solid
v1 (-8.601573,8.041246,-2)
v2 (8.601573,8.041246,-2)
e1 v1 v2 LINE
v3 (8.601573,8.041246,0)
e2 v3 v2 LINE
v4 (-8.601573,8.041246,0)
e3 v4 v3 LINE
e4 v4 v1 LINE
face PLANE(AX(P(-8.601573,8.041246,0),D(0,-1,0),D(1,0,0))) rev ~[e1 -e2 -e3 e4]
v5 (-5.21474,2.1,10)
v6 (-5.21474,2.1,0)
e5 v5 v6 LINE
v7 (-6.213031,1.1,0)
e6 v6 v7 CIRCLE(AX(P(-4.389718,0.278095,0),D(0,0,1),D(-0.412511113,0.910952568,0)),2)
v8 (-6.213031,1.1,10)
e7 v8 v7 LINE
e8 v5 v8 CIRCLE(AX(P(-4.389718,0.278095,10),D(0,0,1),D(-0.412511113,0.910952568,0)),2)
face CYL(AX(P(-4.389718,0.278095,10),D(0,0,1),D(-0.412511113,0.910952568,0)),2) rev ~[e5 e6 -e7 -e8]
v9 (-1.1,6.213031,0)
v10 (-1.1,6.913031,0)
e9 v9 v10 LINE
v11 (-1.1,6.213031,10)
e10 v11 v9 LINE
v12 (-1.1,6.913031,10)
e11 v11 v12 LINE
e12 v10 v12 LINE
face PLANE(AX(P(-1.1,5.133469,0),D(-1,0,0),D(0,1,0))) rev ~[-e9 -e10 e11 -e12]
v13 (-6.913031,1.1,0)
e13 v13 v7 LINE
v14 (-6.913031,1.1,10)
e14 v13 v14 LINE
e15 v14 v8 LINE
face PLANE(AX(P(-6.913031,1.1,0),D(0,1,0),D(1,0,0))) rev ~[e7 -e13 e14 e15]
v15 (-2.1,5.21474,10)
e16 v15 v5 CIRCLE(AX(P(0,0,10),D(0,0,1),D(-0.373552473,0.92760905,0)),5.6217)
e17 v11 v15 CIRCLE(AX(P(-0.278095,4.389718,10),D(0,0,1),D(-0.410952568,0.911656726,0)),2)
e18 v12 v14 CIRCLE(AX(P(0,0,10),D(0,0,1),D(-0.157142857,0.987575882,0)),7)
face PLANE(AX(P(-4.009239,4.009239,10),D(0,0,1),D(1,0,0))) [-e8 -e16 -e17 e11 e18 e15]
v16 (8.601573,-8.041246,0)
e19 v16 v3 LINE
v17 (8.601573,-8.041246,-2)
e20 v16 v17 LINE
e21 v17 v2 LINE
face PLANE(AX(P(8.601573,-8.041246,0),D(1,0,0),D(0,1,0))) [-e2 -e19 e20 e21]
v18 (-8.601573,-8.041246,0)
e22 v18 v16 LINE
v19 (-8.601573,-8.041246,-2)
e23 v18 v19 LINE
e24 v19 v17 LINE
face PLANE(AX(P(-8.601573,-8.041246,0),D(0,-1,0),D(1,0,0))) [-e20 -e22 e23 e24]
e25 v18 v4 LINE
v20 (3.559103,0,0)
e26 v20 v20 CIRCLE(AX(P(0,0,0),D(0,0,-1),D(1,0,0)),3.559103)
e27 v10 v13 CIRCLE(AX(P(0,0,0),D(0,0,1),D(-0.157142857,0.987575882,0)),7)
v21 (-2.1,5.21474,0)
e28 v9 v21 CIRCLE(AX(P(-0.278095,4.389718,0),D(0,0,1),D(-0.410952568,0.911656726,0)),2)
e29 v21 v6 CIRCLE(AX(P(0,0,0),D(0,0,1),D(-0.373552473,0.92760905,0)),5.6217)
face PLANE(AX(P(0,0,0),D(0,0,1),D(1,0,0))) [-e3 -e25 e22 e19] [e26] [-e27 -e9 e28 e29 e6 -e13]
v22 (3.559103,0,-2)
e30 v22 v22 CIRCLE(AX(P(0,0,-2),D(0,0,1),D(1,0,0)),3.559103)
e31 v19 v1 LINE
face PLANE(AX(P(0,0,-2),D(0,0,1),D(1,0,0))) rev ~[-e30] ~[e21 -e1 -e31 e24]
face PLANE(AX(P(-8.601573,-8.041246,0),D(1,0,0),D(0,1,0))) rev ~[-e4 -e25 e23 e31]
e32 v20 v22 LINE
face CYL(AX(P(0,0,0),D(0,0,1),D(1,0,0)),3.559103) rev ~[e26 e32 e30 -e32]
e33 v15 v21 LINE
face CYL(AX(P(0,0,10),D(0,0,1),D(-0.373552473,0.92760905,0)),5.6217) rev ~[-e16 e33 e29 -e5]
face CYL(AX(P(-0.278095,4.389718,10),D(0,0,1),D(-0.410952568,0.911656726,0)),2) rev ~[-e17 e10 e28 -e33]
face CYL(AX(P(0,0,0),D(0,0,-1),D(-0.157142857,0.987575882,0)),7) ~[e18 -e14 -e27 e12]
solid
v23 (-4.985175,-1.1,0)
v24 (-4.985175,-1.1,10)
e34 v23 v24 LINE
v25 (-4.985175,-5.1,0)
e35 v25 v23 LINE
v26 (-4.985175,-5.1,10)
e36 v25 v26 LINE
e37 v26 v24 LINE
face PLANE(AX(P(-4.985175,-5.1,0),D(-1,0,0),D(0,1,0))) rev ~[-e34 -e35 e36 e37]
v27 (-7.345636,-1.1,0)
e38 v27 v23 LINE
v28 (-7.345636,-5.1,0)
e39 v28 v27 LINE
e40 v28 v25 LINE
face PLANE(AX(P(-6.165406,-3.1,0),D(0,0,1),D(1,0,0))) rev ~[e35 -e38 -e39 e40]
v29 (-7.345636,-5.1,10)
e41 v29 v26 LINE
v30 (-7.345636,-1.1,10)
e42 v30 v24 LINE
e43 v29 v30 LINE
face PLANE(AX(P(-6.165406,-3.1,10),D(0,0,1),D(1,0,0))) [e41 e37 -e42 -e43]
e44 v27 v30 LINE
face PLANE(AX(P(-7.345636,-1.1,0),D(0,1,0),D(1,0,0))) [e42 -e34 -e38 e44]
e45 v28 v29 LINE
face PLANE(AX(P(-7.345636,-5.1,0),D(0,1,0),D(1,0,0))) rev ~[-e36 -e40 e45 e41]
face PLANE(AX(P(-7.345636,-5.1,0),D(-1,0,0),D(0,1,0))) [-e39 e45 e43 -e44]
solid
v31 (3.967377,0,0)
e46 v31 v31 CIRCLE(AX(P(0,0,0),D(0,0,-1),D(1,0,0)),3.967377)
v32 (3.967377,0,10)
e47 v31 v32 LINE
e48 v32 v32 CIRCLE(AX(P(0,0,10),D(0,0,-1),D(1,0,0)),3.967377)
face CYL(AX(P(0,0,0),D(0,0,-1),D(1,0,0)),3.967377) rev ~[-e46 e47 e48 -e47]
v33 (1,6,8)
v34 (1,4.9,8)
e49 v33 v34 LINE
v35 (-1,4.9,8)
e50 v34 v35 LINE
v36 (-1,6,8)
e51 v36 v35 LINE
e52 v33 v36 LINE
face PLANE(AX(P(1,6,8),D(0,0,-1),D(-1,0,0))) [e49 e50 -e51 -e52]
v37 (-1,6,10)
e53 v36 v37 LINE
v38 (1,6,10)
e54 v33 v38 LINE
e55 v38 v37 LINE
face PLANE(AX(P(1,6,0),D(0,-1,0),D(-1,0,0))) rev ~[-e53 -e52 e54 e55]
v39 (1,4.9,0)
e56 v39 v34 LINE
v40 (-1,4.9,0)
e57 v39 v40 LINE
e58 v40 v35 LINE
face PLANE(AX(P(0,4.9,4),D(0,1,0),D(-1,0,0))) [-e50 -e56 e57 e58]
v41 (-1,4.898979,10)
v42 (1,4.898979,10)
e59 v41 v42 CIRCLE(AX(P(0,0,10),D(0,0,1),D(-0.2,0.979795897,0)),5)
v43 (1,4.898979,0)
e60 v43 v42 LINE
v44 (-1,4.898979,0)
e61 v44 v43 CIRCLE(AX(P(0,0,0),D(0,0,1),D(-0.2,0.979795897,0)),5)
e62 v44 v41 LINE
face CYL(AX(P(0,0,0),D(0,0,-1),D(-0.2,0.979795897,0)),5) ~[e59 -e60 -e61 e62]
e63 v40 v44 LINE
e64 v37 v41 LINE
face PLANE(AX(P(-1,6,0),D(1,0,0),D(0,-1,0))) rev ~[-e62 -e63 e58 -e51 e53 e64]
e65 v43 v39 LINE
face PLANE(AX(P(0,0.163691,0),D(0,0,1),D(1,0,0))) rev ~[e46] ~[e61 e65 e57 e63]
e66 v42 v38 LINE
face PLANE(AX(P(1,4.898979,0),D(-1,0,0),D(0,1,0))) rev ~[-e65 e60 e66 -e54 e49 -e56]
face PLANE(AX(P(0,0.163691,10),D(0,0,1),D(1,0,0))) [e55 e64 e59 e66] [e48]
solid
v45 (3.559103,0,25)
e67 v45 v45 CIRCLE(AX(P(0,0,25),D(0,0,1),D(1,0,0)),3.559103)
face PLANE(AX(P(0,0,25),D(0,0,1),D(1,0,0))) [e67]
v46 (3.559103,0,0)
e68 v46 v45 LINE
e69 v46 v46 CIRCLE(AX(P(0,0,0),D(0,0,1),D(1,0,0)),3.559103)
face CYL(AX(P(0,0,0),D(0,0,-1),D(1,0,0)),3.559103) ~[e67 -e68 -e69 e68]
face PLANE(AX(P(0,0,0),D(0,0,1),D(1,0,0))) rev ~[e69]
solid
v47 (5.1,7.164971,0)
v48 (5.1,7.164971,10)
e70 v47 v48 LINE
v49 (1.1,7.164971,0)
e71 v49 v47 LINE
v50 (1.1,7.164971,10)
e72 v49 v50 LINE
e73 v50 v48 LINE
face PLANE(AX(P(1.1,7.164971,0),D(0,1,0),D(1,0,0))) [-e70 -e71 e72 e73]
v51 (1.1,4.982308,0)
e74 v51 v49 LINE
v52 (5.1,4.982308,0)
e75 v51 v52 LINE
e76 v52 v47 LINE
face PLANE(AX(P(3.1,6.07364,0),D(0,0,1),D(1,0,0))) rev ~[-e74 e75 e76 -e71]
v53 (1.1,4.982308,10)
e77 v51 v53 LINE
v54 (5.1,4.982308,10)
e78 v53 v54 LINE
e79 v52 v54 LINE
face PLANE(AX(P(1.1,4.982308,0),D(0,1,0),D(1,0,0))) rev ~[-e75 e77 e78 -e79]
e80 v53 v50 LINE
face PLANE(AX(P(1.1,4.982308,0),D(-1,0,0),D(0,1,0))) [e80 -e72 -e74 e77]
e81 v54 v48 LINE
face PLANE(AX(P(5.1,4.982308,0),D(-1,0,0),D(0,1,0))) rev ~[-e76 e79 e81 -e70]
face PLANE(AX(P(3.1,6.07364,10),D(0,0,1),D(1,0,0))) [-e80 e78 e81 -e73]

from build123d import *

# Parameters (mm, degrees)
F1_DEPTH  = 10
F3_DEPTH  = 10
F2_W      = 4
F2_H      = 2.1826629527
F2_W_2    = 2.3604612797
F2_H_2    = 4
F4_R      = 3.9673771718
F5_DEPTH  = 25
F6_W      = 17.2031465918
F6_H      = 16.0824917257
F7_DEPTH  = 2
F8_R      = 3.5591026494
F9_DEPTH  = 15
F11_DEPTH = 10
F12_W     = 2
F12_H     = 8
F13_DEPTH = 1.1
F14_DEPTH = 25


with BuildPart() as f1:
    # F0 (on Top) → F1 (new body)
    with BuildSketch(Plane.XY):
        with BuildLine():
            ThreePointArc((-1, 4.8989794856), (-3.1622776602, -3.8729833462), (5, 0))
            ThreePointArc((5, 0), (3.8729833462, 3.1622776602), (1, 4.8989794856))
            ThreePointArc((1, 4.8989794856), (0, 5), (-1, 4.8989794856))
        make_face()
        with BuildLine():
            ThreePointArc((-1, 4.8989794856), (0, 5), (1, 4.8989794856))
            Line((1, 4.8989794856), (1, 6))
            Line((1, 6), (-1, 6))
            Line((-1, 6), (-1, 4.8989794856))
        make_face()
    extrude(amount=F1_DEPTH)

    # F4 (on face) → F5 (cut)
    with BuildSketch(Plane(origin=(0, 0, 0), x_dir=(1, 0, 0), z_dir=(0, 0, -1))):
        Circle(F4_R)
    extrude(amount=-F5_DEPTH, mode=Mode.SUBTRACT)

    # F12 (on face) → F13 (cut)
    with BuildSketch(Plane(origin=(0, 6, 0), x_dir=(-1, 0, 0), z_dir=(0, 1, 0))):
        with Locations((0, 4)):
            Rectangle(F12_W, F12_H)
    extrude(amount=-F13_DEPTH, mode=Mode.SUBTRACT)


with BuildPart() as f3:
    # F2 (on Top) → F3 (new body)
    with BuildSketch(Plane.XY):
        with BuildLine():
            ThreePointArc((-5.1334686129, 1.1), (-3.7123106012, 3.7123106012), (-1.1, 5.1334686129))
            Line((-1.1, 5.1334686129), (-1.1, 6.9130311731))
            ThreePointArc((-1.1, 6.9130311731), (-4.9497474683, 4.9497474683), (-6.9130311731, 1.1))
            Line((-6.9130311731, 1.1), (-5.1334686129, 1.1))
        make_face()
    extrude(amount=F3_DEPTH)

    # F6 (on Top) → F7 (join)
    with BuildSketch(Plane.XY):
        Rectangle(F6_W, F6_H)
    extrude(amount=-F7_DEPTH)

    # F8 (on face) → F9 (cut)
    with BuildSketch(Plane.XY):
        Circle(F8_R)
    extrude(amount=-F9_DEPTH, mode=Mode.SUBTRACT)

    # F10 (on face) → F11 (cut)
    with BuildSketch(Plane.XY.offset(10)):
        with BuildLine():
            Line((-1.1, 1.1), (-1.1, 5.5130311731))
            ThreePointArc((-1.1, 5.5130311731), (-1.6069363441, 5.3871391574), (-2.1, 5.2147399471))
            ThreePointArc((-2.1, 5.2147399471), (-3.9751423066, 3.9751423066), (-5.2147399471, 2.1))
            ThreePointArc((-5.2147399471, 2.1), (-5.3871391574, 1.6069363441), (-5.5130311731, 1.1))
            Line((-5.5130311731, 1.1), (-1.1, 1.1))
        make_face()
        with BuildLine():
            ThreePointArc((-2.1, 5.2147399471), (-1.6069363441, 5.3871391574), (-1.1, 5.5130311731))
            Line((-1.1, 5.5130311731), (-1.1, 6.2130311731))
            ThreePointArc((-1.1, 6.2130311731), (-1.6910985907, 5.8051400841), (-2.1, 5.2147399471))
        make_face()
        with BuildLine():
            ThreePointArc((-5.5130311731, 1.1), (-5.3871391574, 1.6069363441), (-5.2147399471, 2.1))
            ThreePointArc((-5.2147399471, 2.1), (-5.8051400841, 1.6910985907), (-6.2130311731, 1.1))
            Line((-6.2130311731, 1.1), (-5.5130311731, 1.1))
        make_face()
    extrude(amount=-F11_DEPTH, mode=Mode.SUBTRACT)


with BuildPart() as f3b:
    # F2 (on Top) → F3, piece 2 (new body)
    with BuildSketch(Plane.XY):
        with Locations((3.1, 6.073639961)):
            Rectangle(F2_W, F2_H)
    extrude(amount=F3_DEPTH)


with BuildPart() as f3c:
    # F2 (on Top) → F3, piece 3 (new body)
    with BuildSketch(Plane.XY):
        with Locations((-6.1654057354, -3.1)):
            Rectangle(F2_W_2, F2_H_2)
    extrude(amount=F3_DEPTH)


with BuildPart() as f14:
    # F8 (on face) → F14 (new body)
    with BuildSketch(Plane.XY):
        Circle(F8_R)
    extrude(amount=F14_DEPTH)


solid = Compound([f1.part, f3.part, f3b.part, f3c.part, f14.part])
